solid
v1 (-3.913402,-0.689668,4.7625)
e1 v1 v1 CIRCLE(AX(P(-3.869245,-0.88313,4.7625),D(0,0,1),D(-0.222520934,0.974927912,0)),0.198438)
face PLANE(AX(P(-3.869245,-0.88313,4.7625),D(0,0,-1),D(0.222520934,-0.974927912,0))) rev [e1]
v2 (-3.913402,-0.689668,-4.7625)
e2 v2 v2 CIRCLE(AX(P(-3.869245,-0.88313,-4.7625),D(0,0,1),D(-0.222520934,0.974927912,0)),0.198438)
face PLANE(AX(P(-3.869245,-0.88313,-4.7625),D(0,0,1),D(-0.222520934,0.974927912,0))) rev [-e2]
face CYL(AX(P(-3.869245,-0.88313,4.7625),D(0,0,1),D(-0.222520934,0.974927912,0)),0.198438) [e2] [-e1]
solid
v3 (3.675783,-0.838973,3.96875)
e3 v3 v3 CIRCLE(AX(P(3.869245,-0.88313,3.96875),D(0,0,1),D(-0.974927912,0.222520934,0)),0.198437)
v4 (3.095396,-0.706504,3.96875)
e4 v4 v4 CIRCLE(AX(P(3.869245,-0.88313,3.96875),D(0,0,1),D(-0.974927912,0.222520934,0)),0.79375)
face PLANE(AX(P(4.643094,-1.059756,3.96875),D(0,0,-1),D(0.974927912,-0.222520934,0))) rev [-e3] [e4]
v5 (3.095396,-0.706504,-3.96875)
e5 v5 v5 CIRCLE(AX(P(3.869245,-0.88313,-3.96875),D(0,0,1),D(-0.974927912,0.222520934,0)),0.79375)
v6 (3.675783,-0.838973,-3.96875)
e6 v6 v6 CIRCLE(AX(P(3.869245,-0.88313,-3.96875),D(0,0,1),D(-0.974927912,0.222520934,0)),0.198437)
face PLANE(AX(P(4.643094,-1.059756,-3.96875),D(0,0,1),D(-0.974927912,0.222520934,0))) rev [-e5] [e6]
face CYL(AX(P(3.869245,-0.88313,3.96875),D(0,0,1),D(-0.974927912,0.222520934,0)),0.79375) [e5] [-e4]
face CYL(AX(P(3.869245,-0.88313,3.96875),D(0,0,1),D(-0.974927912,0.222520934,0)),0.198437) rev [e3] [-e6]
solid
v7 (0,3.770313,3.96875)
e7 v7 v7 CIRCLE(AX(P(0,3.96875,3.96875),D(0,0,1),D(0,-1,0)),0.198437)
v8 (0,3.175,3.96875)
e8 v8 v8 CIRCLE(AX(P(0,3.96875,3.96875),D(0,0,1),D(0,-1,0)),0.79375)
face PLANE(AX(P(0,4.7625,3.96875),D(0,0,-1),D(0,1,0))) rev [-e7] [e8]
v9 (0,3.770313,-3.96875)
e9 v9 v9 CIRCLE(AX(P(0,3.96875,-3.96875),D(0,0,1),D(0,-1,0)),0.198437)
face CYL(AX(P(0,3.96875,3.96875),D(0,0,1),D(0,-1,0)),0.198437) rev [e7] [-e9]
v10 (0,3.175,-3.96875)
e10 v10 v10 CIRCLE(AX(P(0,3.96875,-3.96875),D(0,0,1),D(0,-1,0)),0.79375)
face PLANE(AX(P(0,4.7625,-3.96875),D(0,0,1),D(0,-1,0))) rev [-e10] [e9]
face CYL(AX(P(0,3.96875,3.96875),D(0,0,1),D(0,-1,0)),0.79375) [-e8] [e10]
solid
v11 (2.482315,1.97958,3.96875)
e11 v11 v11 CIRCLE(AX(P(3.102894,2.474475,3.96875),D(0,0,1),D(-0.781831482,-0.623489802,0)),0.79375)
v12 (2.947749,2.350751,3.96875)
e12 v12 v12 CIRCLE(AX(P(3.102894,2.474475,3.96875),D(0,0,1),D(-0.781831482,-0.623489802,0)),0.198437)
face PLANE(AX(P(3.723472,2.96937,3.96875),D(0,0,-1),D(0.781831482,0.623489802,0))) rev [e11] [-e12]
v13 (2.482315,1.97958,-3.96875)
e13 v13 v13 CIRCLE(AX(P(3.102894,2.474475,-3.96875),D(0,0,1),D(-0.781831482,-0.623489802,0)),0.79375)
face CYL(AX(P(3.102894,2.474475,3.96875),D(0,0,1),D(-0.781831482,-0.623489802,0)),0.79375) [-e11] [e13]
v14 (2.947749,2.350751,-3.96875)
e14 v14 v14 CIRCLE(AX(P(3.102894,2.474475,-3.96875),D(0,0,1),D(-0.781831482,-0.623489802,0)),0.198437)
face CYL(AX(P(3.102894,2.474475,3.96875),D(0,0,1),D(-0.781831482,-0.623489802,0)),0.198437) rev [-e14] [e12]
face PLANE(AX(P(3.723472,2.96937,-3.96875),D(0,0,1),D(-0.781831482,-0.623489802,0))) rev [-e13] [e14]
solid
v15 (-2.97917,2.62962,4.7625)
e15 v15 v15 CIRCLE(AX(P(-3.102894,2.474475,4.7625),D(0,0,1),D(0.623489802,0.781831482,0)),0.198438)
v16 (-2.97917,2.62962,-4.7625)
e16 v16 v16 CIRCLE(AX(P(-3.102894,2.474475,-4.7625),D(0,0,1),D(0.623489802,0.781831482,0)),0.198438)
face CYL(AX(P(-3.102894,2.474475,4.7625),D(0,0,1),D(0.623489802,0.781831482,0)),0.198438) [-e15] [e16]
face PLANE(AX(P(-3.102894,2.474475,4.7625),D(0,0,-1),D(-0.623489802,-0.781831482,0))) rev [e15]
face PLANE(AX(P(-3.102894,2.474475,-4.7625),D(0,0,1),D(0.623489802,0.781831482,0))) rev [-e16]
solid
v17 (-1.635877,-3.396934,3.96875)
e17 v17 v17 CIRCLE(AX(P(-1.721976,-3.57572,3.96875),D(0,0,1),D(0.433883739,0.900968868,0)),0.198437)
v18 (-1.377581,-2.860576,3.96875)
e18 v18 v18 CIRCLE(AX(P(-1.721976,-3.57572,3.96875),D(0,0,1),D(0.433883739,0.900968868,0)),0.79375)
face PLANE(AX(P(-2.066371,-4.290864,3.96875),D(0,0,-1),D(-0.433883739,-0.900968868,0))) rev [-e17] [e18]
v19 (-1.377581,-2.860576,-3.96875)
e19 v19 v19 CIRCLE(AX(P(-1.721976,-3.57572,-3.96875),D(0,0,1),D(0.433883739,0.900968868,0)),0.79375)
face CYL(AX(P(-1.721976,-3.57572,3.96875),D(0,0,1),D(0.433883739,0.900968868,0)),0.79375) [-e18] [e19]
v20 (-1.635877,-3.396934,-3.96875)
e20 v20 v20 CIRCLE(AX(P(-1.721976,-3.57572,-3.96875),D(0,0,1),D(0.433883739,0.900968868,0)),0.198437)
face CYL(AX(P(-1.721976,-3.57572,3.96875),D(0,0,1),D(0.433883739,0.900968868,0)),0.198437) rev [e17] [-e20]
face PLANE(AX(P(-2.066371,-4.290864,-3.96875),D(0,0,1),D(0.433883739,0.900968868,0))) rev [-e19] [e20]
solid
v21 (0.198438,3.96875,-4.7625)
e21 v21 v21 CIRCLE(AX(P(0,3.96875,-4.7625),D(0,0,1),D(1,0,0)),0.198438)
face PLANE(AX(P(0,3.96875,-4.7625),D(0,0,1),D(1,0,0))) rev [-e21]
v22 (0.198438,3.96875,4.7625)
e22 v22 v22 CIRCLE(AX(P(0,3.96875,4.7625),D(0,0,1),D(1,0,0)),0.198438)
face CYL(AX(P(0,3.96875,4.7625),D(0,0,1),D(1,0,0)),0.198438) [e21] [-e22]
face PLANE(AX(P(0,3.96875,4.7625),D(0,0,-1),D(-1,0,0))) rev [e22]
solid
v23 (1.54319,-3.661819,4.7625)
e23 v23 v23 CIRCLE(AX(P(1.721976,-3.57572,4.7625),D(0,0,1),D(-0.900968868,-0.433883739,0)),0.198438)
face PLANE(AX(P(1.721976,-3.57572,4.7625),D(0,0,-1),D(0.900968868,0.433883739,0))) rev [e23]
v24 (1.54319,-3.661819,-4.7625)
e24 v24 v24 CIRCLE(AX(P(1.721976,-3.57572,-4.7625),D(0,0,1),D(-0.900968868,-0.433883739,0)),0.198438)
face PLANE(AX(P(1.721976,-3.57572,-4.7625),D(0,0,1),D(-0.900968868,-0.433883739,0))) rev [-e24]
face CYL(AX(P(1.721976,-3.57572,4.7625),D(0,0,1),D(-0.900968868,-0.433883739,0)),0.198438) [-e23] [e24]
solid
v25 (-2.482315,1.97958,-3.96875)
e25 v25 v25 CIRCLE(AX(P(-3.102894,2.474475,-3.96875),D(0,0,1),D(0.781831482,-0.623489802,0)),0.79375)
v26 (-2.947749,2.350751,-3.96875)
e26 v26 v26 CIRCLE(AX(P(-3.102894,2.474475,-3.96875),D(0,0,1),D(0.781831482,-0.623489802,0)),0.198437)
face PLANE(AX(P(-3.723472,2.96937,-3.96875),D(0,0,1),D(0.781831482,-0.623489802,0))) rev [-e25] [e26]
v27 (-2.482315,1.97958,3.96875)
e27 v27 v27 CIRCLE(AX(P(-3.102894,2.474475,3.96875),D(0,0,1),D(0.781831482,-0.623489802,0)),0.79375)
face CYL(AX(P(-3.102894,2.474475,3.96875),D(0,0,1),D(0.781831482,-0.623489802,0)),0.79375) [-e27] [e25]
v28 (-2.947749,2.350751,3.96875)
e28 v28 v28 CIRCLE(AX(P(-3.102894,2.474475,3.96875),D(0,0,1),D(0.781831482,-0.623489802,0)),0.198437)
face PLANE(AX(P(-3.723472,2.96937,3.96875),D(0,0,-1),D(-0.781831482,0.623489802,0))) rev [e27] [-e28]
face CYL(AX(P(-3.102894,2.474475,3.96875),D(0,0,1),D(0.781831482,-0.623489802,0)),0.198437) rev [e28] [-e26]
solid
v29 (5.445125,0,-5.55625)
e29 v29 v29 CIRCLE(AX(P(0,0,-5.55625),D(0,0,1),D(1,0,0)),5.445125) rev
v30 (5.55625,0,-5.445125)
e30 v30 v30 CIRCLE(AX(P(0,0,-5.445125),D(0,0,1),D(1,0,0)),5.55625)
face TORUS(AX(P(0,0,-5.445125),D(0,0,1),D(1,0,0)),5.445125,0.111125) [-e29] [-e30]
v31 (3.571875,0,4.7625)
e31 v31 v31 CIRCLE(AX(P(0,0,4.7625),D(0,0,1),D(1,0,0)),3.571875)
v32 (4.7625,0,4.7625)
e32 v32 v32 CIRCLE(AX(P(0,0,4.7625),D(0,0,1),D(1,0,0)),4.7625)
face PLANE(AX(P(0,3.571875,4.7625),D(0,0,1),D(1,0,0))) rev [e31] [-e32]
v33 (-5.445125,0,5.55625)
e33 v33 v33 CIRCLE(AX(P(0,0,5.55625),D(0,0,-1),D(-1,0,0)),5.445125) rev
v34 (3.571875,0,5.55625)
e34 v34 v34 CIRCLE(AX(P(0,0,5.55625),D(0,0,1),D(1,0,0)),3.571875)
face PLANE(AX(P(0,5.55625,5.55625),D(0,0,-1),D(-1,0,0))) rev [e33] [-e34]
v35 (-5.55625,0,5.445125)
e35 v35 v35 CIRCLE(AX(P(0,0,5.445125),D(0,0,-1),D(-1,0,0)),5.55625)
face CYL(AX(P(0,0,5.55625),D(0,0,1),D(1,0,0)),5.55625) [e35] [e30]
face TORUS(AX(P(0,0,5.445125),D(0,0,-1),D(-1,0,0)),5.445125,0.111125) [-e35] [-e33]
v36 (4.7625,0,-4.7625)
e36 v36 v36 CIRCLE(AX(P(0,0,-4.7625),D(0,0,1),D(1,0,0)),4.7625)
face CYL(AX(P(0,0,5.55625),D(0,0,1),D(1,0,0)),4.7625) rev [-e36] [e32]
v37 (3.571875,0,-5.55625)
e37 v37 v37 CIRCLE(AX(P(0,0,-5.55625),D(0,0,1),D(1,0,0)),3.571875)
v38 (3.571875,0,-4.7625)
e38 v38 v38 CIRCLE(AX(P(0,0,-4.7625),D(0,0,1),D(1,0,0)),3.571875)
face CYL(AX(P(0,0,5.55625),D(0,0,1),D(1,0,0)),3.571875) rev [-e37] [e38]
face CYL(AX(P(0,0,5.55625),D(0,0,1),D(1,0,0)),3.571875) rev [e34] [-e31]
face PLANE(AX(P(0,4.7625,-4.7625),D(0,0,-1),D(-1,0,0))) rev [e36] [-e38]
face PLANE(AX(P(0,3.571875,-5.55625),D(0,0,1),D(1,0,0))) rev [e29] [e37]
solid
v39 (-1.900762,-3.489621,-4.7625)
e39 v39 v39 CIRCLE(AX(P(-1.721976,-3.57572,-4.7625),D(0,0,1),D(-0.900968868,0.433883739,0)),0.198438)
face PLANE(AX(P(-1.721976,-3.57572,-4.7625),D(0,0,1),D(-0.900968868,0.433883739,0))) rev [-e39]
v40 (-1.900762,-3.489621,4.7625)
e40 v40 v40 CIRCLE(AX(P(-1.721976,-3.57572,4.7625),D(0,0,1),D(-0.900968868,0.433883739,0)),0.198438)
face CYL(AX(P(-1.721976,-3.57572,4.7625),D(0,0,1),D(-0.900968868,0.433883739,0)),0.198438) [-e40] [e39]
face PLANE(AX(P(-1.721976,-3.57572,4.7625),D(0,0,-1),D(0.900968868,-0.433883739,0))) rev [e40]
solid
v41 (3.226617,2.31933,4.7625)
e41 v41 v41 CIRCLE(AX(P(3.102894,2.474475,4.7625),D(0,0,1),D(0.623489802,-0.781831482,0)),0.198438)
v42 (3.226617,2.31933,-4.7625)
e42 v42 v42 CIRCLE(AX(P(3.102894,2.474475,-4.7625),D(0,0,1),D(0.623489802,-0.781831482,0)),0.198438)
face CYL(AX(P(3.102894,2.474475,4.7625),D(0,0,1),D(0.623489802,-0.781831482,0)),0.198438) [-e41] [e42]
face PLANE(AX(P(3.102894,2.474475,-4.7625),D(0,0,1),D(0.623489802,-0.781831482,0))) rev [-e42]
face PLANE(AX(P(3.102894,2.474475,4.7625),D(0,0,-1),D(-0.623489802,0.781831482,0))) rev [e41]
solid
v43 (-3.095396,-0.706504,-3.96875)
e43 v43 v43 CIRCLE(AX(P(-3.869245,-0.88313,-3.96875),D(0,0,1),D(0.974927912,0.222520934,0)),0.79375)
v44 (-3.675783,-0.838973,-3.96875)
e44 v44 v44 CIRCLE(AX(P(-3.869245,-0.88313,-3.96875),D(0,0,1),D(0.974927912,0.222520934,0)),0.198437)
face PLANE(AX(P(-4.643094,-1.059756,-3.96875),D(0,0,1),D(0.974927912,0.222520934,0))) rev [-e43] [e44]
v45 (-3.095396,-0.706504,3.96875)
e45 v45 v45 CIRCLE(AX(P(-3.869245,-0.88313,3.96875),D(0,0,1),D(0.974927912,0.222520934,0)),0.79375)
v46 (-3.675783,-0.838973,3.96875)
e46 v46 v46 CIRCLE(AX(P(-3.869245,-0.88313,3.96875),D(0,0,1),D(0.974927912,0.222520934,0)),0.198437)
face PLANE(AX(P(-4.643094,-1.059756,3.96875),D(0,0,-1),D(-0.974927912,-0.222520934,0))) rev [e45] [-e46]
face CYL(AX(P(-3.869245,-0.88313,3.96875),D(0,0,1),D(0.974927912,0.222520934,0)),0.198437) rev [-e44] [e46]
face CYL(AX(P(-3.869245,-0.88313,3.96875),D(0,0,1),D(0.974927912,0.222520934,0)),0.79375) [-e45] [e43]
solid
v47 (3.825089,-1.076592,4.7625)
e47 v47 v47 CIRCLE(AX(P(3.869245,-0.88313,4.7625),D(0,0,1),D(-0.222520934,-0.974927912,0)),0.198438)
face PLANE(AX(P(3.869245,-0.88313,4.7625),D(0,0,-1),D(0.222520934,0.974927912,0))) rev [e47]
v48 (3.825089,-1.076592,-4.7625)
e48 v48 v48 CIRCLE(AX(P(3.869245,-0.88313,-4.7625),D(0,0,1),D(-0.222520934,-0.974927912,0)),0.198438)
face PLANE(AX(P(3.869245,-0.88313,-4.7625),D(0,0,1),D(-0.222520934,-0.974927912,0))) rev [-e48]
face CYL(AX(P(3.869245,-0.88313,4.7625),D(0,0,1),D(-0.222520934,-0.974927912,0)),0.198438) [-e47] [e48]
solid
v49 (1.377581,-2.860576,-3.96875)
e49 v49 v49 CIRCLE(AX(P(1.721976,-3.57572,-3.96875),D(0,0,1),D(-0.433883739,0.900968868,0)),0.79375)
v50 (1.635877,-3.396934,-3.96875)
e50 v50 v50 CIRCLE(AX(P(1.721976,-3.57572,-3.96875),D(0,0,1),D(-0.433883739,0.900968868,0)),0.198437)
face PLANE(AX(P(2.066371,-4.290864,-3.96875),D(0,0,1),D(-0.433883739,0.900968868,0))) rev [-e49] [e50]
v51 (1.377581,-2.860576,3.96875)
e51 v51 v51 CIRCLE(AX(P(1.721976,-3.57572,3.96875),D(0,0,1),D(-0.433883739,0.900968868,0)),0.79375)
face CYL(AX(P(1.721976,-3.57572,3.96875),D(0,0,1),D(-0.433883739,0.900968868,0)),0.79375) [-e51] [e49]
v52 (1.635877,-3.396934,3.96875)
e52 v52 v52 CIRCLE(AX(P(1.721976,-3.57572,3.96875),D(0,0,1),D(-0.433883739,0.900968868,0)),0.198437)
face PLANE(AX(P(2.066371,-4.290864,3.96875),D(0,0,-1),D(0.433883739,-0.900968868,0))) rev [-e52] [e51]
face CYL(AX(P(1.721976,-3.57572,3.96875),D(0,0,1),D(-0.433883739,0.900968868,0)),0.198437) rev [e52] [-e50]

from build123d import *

# Parameters (mm, degrees)
SKETCH2_W         = 7.9375
SKETCH2_H         = 0.5953125
SKETCH3_W         = 9.525
SKETCH3_H         = 0.1984375
CIRPATTERN1_COUNT = 7
CIRPATTERN1_ANGLE = 308.571428571
FILLET1_R         = 0.111125


with BuildPart() as part:
    # Sketch1 → Revolve1 (revolve)
    with BuildSketch(Plane(origin=(0, 0, 0), x_dir=(0, 0, -1), z_dir=(1, 0, 0))):
        Polygon((-5.55625, 5.55625), (5.55625, 5.55625), (5.55625, 3.571875), (4.7625, 3.571875), (4.7625, 4.7625), (-4.7625, 4.7625), (-4.7625, 3.571875), (-5.55625, 3.571875), align=None)
    revolve(axis=Axis((0, 0, 5.55625), (0, 0, -1)))

    # Fillet1
    fillet1_edges = [part.edges().sort_by_distance(p)[0] for p in [
        (0, -5.55625, 5.55625),
        (0, -5.55625, -5.55625),
    ]]
    fillet(fillet1_edges, radius=FILLET1_R)


with BuildPart() as body_2:
    # Sketch2 → Revolve2 (revolve)
    with BuildSketch(Plane(origin=(0, 0, 0), x_dir=(0, 0, -1), z_dir=(1, 0, 0))):
        with Locations((0, 4.46484375)):
            Rectangle(SKETCH2_W, SKETCH2_H)
    revolve(axis=Axis((0, 3.96875, 3.96875), (0, 0, -1)))


with BuildPart() as body_3:
    # Sketch3 → Revolve3 (revolve)
    with BuildSketch(Plane(origin=(0, 0, 0), x_dir=(0, 0, -1), z_dir=(1, 0, 0))):
        with Locations((0, 4.06796875)):
            Rectangle(SKETCH3_W, SKETCH3_H)
    revolve(axis=Axis((0, 3.96875, 4.7625), (0, 0, -1)))


with BuildPart() as cirpattern1_1:
    # CirPattern1: pattern copy
    add(body_2.part.rotate(Axis((0, 0, -5.55625), (0, 0, 1)), 1 * CIRPATTERN1_ANGLE / (CIRPATTERN1_COUNT - 1)))


with BuildPart() as cirpattern1_2:
    # CirPattern1: pattern copy
    add(body_2.part.rotate(Axis((0, 0, -5.55625), (0, 0, 1)), 2 * CIRPATTERN1_ANGLE / (CIRPATTERN1_COUNT - 1)))


with BuildPart() as cirpattern1_3:
    # CirPattern1: pattern copy
    add(body_2.part.rotate(Axis((0, 0, -5.55625), (0, 0, 1)), 3 * CIRPATTERN1_ANGLE / (CIRPATTERN1_COUNT - 1)))


with BuildPart() as cirpattern1_4:
    # CirPattern1: pattern copy
    add(body_2.part.rotate(Axis((0, 0, -5.55625), (0, 0, 1)), 4 * CIRPATTERN1_ANGLE / (CIRPATTERN1_COUNT - 1)))


with BuildPart() as cirpattern1_5:
    # CirPattern1: pattern copy
    add(body_2.part.rotate(Axis((0, 0, -5.55625), (0, 0, 1)), 5 * CIRPATTERN1_ANGLE / (CIRPATTERN1_COUNT - 1)))


with BuildPart() as cirpattern1_6:
    # CirPattern1: pattern copy
    add(body_2.part.rotate(Axis((0, 0, -5.55625), (0, 0, 1)), 6 * CIRPATTERN1_ANGLE / (CIRPATTERN1_COUNT - 1)))


with BuildPart() as cirpattern1_7:
    # CirPattern1: pattern copy
    add(body_3.part.rotate(Axis((0, 0, -5.55625), (0, 0, 1)), 1 * CIRPATTERN1_ANGLE / (CIRPATTERN1_COUNT - 1)))


with BuildPart() as cirpattern1_8:
    # CirPattern1: pattern copy
    add(body_3.part.rotate(Axis((0, 0, -5.55625), (0, 0, 1)), 2 * CIRPATTERN1_ANGLE / (CIRPATTERN1_COUNT - 1)))


with BuildPart() as cirpattern1_9:
    # CirPattern1: pattern copy
    add(body_3.part.rotate(Axis((0, 0, -5.55625), (0, 0, 1)), 3 * CIRPATTERN1_ANGLE / (CIRPATTERN1_COUNT - 1)))


with BuildPart() as cirpattern1_10:
    # CirPattern1: pattern copy
    add(body_3.part.rotate(Axis((0, 0, -5.55625), (0, 0, 1)), 4 * CIRPATTERN1_ANGLE / (CIRPATTERN1_COUNT - 1)))


with BuildPart() as cirpattern1_11:
    # CirPattern1: pattern copy
    add(body_3.part.rotate(Axis((0, 0, -5.55625), (0, 0, 1)), 5 * CIRPATTERN1_ANGLE / (CIRPATTERN1_COUNT - 1)))


with BuildPart() as cirpattern1_12:
    # CirPattern1: pattern copy
    add(body_3.part.rotate(Axis((0, 0, -5.55625), (0, 0, 1)), 6 * CIRPATTERN1_ANGLE / (CIRPATTERN1_COUNT - 1)))


solid = Compound([part.part, body_2.part, body_3.part, cirpattern1_1.part, cirpattern1_2.part, cirpattern1_3.part, cirpattern1_4.part, cirpattern1_5.part, cirpattern1_6.part, cirpattern1_7.part, cirpattern1_8.part, cirpattern1_9.part, cirpattern1_10.part, cirpattern1_11.part, cirpattern1_12.part])
